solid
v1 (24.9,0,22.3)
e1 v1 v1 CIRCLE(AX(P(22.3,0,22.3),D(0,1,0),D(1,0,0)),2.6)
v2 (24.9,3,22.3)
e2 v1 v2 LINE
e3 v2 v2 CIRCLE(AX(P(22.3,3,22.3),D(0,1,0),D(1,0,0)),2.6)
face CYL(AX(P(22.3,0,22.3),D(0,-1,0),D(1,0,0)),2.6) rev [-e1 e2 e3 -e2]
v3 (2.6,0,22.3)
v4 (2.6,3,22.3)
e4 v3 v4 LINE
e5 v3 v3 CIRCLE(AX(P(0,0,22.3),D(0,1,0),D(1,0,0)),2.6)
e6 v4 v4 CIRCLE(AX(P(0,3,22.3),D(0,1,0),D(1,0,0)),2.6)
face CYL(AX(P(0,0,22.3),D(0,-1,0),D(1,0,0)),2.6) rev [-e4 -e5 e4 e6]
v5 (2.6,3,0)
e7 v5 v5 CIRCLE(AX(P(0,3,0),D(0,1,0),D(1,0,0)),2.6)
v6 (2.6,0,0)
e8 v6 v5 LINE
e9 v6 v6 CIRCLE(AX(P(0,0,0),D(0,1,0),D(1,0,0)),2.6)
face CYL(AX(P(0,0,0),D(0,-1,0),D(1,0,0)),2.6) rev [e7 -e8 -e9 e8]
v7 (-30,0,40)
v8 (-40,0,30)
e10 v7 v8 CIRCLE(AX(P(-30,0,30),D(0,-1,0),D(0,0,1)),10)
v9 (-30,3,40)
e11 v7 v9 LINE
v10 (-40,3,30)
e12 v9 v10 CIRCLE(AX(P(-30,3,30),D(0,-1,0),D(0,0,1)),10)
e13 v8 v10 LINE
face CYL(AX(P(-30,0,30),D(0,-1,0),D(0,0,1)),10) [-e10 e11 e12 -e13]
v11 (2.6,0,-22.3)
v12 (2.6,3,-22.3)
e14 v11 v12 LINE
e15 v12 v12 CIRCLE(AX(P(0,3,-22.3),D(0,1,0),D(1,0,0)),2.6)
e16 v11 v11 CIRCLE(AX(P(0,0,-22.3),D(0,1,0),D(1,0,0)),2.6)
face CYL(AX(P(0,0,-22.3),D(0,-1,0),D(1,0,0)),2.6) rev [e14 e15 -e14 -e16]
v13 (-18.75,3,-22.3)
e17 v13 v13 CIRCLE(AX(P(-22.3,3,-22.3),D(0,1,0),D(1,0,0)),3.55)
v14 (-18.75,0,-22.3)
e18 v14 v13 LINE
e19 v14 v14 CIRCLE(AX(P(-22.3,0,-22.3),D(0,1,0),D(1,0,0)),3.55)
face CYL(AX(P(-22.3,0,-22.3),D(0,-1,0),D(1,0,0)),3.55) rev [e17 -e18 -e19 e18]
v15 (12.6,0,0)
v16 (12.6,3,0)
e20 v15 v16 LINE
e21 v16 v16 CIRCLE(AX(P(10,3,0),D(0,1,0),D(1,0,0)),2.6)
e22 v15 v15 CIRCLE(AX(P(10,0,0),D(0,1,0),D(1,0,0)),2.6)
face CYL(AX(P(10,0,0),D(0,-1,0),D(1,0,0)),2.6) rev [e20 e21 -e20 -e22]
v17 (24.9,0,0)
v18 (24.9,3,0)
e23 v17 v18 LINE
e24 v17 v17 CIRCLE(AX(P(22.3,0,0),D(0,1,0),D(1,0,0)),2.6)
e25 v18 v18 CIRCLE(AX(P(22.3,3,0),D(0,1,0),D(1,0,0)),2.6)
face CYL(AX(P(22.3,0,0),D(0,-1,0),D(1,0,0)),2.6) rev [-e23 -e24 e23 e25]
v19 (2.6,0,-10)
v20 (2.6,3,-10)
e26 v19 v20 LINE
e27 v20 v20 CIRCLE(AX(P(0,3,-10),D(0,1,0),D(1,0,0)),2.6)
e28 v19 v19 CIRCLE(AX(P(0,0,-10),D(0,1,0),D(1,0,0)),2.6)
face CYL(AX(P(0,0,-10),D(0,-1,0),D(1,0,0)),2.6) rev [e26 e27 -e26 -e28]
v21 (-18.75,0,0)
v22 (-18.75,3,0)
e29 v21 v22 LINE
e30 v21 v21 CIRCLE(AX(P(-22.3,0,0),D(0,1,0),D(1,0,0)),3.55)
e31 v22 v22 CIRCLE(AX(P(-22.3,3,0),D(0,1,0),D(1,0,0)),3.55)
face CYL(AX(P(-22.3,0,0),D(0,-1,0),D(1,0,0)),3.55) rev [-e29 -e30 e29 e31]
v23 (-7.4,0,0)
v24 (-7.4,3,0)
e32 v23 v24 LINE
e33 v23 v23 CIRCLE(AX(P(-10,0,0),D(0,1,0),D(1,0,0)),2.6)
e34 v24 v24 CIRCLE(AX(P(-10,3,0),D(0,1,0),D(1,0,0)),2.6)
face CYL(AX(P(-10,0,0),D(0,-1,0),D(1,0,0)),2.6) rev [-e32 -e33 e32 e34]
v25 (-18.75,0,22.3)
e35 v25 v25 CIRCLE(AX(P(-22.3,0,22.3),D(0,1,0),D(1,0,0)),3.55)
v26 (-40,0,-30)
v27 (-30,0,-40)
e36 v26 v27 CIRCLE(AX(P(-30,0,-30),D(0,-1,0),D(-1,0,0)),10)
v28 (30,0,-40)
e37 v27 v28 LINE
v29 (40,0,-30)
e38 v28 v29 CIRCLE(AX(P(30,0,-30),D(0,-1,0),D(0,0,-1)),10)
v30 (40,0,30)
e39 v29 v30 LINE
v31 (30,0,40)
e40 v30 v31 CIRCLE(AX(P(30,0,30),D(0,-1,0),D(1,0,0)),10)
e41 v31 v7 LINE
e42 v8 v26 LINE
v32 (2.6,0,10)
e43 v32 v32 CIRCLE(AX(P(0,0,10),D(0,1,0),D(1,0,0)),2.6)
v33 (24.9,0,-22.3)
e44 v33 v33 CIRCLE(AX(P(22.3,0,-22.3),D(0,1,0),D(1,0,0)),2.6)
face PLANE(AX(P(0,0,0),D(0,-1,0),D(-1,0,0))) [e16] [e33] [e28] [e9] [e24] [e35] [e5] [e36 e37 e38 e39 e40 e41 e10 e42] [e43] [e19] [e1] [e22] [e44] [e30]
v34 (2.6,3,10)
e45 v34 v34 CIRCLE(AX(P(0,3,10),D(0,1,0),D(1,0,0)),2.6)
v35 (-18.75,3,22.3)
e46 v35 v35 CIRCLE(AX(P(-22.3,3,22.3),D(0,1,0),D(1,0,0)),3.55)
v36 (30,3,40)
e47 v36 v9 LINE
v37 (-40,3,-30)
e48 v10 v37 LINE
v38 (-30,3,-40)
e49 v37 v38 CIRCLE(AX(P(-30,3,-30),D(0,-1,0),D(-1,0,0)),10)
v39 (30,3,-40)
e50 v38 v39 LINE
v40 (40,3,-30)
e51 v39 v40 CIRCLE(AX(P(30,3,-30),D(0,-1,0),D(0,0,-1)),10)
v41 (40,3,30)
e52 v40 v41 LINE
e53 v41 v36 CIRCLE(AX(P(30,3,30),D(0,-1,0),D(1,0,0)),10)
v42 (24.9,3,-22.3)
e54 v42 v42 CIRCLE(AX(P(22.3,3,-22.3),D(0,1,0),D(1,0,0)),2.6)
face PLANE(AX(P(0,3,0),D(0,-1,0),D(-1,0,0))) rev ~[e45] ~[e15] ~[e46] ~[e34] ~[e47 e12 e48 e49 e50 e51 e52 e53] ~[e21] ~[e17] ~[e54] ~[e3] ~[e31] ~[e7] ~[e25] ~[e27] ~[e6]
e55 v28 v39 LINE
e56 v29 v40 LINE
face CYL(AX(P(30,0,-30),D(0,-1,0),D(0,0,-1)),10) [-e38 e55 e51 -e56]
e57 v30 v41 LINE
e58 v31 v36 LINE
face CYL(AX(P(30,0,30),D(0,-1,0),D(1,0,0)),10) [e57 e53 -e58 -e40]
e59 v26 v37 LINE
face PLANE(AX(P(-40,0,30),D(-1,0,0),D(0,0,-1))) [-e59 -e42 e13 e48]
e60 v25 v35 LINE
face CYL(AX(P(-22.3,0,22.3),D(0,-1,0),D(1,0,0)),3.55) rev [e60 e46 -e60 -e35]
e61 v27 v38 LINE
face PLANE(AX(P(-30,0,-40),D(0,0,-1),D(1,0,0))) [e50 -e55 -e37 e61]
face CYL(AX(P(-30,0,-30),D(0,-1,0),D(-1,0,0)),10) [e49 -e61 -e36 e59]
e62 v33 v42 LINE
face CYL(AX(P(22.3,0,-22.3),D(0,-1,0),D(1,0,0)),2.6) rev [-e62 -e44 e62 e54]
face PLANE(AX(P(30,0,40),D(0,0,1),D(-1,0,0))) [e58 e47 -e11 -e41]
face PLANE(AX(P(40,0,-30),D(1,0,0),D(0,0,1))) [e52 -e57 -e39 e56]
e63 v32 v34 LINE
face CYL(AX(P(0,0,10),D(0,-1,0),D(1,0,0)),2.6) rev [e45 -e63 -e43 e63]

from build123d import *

# Parameters (mm, degrees)
SKETCH1_R           = 2.6
SKETCH1_R_2         = 3.55
BOSS_EXTRUDE1_DEPTH = 3


with BuildPart() as part:
    # Sketch1 → Boss-Extrude1 (new body)
    with BuildSketch(Plane(origin=(0, 0, 0), x_dir=(1, 0, 0), z_dir=(0, 1, 0))):
        with BuildLine():
            Line((30, -40), (-30, -40))
            ThreePointArc((-30, -40), (-37.071067812, -37.071067812), (-40, -30))
            Line((-40, -30), (-40, 30))
            ThreePointArc((-40, 30), (-37.071067812, 37.071067812), (-30, 40))
            Line((-30, 40), (30, 40))
            ThreePointArc((30, 40), (37.071067812, 37.071067812), (40, 30))
            Line((40, 30), (40, -30))
            ThreePointArc((40, -30), (37.071067812, -37.071067812), (30, -40))
        make_face()
        Circle(SKETCH1_R, mode=Mode.SUBTRACT)
        with Locations((0, -10)):
            Circle(SKETCH1_R, mode=Mode.SUBTRACT)
        with Locations((-10, 0)):
            Circle(SKETCH1_R, mode=Mode.SUBTRACT)
        with Locations((10, 0)):
            Circle(SKETCH1_R, mode=Mode.SUBTRACT)
        with Locations((0, 10)):
            Circle(SKETCH1_R, mode=Mode.SUBTRACT)
        with Locations((-22.3, 22.3)):
            Circle(SKETCH1_R_2, mode=Mode.SUBTRACT)
        with Locations((-22.3, 0)):
            Circle(SKETCH1_R_2, mode=Mode.SUBTRACT)
        with Locations((-22.3, -22.3)):
            Circle(SKETCH1_R_2, mode=Mode.SUBTRACT)
        with Locations((0, 22.3)):
            Circle(SKETCH1_R, mode=Mode.SUBTRACT)
        with Locations((0, -22.3)):
            Circle(SKETCH1_R, mode=Mode.SUBTRACT)
        with Locations((22.3, 22.3)):
            Circle(SKETCH1_R, mode=Mode.SUBTRACT)
        with Locations((22.3, 0)):
            Circle(SKETCH1_R, mode=Mode.SUBTRACT)
        with Locations((22.3, -22.3)):
            Circle(SKETCH1_R, mode=Mode.SUBTRACT)
    extrude(amount=BOSS_EXTRUDE1_DEPTH)


solid = part.part
